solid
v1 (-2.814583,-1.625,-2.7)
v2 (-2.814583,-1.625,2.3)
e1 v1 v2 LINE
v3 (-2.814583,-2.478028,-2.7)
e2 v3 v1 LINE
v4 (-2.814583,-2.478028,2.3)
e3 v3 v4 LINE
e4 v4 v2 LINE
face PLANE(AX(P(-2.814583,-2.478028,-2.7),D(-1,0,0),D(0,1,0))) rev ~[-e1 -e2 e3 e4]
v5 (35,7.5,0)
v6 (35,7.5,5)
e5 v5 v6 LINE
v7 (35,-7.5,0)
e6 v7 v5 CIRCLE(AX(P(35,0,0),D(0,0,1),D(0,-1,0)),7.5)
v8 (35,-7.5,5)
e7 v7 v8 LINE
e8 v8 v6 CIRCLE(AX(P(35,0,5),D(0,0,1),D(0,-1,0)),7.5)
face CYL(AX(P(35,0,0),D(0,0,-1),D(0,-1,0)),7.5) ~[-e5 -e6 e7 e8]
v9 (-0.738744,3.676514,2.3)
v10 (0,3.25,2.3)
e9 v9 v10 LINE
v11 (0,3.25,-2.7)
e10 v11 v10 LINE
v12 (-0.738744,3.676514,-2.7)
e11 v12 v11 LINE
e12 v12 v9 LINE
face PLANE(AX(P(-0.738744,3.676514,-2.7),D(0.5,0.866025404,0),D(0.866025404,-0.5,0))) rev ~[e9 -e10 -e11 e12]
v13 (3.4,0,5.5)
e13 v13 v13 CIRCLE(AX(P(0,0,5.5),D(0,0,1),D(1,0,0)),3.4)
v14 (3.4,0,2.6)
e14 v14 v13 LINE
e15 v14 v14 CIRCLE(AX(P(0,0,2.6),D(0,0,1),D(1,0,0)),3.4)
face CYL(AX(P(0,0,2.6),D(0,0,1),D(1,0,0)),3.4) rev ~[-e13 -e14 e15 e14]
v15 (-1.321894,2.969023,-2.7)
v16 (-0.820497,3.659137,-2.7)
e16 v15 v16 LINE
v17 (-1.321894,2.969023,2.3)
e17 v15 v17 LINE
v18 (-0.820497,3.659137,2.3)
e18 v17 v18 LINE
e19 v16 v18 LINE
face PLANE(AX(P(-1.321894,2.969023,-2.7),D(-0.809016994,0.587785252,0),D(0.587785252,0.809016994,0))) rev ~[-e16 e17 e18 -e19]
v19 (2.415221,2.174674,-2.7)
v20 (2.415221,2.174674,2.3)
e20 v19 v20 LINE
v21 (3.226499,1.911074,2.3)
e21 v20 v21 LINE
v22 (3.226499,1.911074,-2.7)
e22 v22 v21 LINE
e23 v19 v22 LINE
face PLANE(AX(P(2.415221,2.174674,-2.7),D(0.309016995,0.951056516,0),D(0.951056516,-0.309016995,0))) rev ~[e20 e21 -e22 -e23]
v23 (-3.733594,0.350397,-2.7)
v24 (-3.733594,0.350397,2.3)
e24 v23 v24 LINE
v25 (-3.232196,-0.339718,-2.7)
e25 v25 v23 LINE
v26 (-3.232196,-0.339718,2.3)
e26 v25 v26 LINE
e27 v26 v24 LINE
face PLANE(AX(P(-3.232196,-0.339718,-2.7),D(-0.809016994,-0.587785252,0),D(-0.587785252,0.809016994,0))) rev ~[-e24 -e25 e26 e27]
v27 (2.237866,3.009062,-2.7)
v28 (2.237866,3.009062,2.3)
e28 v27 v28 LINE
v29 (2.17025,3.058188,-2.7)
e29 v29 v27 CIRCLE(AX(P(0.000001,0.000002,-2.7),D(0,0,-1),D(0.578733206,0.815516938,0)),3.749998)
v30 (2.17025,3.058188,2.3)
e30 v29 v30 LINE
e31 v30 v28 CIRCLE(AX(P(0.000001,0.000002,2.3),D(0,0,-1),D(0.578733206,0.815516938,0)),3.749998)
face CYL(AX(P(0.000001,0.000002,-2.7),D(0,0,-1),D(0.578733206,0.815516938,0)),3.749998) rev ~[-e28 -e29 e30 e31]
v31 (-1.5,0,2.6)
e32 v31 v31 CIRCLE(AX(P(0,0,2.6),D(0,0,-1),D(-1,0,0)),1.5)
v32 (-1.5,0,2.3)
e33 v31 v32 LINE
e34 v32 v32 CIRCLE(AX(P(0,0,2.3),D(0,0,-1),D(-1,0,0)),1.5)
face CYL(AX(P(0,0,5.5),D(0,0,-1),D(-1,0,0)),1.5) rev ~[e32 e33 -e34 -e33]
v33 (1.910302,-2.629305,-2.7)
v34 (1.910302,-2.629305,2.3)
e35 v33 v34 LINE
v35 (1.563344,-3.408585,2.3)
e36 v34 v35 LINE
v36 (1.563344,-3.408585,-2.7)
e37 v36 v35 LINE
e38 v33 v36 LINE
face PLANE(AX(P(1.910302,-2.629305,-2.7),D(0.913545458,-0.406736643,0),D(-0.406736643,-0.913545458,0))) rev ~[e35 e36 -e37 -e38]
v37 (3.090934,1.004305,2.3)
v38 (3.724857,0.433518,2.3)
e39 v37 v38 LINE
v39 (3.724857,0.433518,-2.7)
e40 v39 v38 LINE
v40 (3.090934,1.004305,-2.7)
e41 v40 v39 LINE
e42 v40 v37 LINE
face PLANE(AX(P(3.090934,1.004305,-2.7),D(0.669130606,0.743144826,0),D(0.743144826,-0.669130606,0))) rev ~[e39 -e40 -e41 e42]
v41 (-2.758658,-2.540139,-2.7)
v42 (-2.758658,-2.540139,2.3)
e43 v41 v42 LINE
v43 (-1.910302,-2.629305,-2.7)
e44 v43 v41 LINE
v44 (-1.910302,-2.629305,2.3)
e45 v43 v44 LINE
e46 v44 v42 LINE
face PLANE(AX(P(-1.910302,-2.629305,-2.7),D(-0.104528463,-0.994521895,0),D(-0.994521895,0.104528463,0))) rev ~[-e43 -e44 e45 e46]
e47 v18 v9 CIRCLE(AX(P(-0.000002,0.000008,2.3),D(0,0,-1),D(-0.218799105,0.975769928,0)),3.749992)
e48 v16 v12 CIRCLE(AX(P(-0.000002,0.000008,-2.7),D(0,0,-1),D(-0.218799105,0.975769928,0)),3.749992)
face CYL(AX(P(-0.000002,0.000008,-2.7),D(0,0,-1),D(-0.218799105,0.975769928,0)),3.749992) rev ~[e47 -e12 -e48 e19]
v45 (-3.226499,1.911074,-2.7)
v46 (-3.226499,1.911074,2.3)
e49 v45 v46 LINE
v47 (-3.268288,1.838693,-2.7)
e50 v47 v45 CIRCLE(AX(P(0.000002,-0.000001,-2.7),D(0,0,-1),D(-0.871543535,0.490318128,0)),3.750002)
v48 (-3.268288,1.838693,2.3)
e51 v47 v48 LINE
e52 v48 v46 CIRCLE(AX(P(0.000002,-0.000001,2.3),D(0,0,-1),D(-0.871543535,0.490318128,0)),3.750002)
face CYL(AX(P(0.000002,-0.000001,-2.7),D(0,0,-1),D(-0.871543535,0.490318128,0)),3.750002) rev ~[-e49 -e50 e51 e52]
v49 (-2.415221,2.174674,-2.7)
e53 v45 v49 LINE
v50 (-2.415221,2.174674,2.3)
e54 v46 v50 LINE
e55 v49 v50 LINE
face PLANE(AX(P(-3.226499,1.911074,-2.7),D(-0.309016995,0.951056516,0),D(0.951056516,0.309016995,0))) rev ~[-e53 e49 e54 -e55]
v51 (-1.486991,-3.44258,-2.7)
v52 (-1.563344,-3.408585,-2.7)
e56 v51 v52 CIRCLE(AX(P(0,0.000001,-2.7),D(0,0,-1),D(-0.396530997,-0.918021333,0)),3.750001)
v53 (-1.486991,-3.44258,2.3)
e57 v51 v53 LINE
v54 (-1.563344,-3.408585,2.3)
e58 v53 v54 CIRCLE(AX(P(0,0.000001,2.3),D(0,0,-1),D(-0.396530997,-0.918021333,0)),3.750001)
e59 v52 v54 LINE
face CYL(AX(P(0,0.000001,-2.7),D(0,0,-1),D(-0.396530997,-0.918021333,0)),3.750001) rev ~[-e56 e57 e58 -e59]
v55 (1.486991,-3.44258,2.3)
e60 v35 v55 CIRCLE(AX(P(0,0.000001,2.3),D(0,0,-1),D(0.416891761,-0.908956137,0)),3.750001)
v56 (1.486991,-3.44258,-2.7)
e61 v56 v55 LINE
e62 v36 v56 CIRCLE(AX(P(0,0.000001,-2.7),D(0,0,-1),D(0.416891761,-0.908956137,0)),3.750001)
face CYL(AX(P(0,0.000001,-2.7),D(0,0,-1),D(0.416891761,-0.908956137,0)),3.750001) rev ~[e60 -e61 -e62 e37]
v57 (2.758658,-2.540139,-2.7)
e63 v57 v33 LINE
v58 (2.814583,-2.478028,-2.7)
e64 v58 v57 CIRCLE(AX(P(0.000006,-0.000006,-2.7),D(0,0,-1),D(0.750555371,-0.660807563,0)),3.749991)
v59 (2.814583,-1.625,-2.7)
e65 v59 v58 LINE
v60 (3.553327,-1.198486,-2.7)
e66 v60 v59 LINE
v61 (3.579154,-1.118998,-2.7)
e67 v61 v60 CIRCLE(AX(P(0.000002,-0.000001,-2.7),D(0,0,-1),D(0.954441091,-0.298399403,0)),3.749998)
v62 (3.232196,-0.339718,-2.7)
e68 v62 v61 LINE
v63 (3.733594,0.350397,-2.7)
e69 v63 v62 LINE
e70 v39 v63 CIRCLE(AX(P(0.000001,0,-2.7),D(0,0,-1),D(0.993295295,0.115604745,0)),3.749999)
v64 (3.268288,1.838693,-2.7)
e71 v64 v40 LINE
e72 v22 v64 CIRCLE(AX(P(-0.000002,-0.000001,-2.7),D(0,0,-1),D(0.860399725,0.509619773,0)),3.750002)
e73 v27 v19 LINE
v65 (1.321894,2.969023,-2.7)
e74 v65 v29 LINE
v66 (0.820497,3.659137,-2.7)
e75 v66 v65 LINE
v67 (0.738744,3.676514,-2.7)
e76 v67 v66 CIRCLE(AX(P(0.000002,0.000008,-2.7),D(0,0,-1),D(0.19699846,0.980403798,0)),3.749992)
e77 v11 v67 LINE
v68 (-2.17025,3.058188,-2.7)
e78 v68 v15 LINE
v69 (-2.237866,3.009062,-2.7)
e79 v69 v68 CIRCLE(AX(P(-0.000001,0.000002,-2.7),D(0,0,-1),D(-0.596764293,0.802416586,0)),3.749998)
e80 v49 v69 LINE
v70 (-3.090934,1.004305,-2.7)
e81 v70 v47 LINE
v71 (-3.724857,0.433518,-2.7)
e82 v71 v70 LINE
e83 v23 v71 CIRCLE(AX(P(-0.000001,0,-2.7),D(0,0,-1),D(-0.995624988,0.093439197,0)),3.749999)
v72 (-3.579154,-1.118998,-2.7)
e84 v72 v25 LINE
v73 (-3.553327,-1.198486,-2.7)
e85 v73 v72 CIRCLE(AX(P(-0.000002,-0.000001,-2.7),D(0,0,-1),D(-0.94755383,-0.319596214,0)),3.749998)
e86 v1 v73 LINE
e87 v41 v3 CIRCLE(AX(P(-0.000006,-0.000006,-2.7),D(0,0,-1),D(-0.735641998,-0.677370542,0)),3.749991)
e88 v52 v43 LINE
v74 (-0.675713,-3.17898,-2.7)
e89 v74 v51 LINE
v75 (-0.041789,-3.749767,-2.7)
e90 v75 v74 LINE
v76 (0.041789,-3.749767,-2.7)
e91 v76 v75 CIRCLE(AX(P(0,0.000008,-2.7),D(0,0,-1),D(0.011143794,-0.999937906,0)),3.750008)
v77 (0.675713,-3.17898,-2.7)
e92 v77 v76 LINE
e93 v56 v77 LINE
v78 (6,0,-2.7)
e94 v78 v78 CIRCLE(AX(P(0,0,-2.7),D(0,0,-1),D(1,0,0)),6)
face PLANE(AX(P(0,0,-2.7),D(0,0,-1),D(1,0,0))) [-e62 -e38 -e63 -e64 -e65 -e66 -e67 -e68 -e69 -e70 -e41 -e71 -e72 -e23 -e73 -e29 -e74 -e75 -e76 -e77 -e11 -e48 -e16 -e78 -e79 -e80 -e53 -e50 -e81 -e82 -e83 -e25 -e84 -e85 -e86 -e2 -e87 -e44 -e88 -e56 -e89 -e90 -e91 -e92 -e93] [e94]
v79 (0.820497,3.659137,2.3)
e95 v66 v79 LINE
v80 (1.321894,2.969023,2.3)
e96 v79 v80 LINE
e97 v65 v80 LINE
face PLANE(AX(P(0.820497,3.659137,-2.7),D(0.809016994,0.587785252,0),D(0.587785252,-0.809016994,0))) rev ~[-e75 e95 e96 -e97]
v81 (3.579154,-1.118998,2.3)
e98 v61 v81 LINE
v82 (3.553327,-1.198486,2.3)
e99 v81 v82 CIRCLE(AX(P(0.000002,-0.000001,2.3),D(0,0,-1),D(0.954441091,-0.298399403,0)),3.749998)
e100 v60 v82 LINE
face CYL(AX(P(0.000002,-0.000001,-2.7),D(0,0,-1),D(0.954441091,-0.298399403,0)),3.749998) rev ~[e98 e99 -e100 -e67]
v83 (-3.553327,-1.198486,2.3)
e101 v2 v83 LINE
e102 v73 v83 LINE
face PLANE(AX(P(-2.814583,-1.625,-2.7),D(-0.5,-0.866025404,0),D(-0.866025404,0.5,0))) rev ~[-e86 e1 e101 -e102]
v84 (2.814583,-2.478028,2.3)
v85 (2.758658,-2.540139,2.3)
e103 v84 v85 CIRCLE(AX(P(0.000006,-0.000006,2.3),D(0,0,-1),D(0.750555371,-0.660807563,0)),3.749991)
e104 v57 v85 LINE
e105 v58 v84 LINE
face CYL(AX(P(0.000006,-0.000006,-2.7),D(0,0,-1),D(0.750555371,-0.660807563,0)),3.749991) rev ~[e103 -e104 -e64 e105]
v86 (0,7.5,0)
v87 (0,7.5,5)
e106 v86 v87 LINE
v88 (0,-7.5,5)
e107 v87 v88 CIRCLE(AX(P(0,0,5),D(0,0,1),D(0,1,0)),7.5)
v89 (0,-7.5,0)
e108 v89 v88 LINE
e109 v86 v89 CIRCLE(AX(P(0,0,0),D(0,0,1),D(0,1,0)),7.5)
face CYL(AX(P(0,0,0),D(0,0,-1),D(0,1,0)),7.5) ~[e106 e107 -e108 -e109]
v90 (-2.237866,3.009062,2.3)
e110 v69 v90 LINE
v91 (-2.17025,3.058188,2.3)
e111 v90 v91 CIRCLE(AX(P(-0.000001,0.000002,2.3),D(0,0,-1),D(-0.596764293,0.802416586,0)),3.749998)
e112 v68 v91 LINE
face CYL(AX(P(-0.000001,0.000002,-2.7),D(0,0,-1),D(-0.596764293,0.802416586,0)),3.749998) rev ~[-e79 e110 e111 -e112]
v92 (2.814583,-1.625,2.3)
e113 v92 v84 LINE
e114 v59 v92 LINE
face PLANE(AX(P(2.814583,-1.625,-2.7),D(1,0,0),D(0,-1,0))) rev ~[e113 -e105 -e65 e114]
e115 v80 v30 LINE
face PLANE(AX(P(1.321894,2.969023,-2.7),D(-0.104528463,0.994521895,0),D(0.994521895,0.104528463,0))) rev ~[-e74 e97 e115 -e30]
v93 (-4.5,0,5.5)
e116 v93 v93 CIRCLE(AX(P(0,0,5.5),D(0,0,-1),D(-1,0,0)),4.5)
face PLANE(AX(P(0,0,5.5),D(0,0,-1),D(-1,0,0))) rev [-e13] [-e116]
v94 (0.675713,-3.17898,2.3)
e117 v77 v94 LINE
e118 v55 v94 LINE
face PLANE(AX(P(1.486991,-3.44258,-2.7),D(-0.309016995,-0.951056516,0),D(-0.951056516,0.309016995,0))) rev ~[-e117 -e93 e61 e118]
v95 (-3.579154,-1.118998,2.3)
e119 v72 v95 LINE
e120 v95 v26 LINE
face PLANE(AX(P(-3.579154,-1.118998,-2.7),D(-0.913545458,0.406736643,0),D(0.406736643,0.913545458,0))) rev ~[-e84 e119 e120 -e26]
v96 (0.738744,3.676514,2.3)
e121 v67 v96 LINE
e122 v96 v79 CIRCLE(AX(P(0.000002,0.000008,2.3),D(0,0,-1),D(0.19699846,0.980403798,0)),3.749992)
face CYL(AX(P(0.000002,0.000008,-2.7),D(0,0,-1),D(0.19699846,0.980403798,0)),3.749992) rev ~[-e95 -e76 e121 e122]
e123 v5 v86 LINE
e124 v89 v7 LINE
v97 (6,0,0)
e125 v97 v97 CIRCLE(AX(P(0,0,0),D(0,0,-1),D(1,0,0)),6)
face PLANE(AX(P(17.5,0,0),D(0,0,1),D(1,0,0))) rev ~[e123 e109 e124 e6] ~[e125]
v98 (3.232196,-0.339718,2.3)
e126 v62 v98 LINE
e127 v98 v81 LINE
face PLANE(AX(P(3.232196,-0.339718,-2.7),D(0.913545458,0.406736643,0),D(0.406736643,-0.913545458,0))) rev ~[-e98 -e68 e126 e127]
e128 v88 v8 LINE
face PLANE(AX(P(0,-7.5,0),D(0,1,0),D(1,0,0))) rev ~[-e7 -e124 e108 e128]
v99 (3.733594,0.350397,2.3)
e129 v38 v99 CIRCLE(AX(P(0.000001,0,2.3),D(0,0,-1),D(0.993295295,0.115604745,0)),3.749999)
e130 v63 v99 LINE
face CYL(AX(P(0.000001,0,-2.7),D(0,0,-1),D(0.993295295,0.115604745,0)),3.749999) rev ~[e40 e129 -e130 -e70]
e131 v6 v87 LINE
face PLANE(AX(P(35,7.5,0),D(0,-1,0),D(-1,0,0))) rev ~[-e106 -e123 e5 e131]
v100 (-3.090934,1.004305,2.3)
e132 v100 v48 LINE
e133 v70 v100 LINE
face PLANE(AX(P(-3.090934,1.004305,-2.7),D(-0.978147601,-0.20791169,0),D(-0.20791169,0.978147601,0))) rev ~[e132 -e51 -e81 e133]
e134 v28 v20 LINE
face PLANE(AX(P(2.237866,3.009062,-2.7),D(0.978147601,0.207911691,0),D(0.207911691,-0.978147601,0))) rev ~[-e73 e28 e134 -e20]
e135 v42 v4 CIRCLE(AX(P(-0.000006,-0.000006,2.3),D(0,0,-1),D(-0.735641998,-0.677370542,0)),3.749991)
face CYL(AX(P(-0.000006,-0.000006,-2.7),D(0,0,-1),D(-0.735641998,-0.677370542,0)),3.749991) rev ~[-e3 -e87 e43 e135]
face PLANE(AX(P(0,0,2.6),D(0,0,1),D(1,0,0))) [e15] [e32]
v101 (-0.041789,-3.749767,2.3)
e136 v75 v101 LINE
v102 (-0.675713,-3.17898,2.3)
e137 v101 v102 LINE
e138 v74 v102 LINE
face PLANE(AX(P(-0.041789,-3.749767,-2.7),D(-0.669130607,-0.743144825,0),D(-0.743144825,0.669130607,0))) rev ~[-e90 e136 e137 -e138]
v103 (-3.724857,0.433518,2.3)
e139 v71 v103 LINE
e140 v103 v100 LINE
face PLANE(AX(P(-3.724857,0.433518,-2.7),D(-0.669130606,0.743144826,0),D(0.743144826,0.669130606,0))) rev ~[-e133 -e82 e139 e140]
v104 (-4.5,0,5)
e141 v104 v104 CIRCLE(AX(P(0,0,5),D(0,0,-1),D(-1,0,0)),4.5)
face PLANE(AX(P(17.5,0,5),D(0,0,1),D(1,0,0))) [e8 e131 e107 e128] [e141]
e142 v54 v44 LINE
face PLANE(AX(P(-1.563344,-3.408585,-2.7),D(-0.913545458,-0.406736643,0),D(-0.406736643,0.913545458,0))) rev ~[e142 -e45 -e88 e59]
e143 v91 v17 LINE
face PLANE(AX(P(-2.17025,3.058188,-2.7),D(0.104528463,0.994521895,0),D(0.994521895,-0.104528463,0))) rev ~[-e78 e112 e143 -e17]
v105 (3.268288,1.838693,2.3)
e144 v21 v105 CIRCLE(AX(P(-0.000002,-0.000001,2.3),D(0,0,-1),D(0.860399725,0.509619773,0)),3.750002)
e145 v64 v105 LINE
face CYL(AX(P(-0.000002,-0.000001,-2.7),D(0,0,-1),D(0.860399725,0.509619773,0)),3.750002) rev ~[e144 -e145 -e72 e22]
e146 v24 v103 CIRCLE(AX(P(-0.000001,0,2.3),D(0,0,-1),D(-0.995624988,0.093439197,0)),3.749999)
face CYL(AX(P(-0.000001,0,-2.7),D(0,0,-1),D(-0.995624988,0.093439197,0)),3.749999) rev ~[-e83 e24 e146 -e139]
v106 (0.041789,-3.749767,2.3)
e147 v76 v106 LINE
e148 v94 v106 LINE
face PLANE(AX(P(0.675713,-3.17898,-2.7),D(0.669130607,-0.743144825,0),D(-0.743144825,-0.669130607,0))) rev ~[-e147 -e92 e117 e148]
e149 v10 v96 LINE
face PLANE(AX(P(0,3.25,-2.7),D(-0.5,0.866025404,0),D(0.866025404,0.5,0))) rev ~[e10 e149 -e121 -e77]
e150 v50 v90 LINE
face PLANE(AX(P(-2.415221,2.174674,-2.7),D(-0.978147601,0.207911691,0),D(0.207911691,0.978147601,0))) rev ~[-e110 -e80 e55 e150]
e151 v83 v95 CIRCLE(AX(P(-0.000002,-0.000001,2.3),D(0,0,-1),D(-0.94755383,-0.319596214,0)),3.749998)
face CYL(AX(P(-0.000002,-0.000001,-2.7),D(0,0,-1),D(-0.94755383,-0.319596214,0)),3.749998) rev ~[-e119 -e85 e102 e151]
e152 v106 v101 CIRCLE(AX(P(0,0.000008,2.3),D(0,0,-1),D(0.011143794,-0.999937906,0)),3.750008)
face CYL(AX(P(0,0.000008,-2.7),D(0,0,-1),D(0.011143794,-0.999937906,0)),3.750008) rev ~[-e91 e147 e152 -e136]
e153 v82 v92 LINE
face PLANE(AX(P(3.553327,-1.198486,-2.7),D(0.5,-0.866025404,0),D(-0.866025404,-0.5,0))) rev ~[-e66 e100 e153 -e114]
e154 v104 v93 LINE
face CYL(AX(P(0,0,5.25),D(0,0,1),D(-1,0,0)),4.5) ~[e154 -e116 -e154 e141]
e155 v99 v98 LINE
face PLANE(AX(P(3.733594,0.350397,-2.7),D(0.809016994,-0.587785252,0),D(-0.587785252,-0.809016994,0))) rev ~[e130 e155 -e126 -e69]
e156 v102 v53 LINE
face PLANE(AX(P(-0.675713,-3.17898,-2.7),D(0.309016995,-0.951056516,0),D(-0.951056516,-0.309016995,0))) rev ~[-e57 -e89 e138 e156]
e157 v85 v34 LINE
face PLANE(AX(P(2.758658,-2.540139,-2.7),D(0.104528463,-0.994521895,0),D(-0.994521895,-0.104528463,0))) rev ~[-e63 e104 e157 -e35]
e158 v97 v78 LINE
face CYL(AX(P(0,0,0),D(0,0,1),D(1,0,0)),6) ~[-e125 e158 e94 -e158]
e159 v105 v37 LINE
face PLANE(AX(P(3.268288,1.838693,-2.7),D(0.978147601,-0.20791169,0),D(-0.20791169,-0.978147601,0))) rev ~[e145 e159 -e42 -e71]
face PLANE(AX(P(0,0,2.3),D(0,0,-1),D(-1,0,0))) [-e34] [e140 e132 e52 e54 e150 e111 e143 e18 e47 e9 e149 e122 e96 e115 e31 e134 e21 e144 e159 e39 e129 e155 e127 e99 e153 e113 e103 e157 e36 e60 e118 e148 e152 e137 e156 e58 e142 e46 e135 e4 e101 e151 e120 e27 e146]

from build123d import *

# Parameters (mm, degrees)
EXTRUDE_1_DEPTH                = 5
SKETCH_2_R                     = 6
EXTRUDE_2_DEPTH                = 2.7
CUT_EXTRUDE_1_DEPTH            = 5
SKETCH_4_W                     = 4.5
SKETCH_4_H                     = 0.5
HOLE_WIZARD_M2_5_1_D           = 3
HOLE_WIZARD_M2_5_1_DEPTH       = 8.2
HOLE_WIZARD_M2_5_1_CBORE_D     = 6.8
HOLE_WIZARD_M2_5_1_CBORE_DEPTH = 2.9


with BuildPart() as part:
    # 스케치1 → 보스-돌출1 (new body)
    with BuildSketch(Plane(origin=(0, 0, 0), x_dir=(-1, 0, 0), z_dir=(0, 0, -1))):
        with BuildLine():
            Line((0, -7.5), (-35, -7.5))
            ThreePointArc((-35, -7.5), (-42.5, 0), (-35, 7.5))
            Line((-35, 7.5), (0, 7.5))
            ThreePointArc((0, 7.5), (7.5, 0), (0, -7.5))
        make_face()
    extrude(amount=-EXTRUDE_1_DEPTH)

    # 스케치2 → 보스-돌출2 (add)
    with BuildSketch(Plane(origin=(0, 0, 0), x_dir=(-1, 0, 0), z_dir=(0, 0, -1))):
        with Locations(Location((0, 0, 0), (0, 0, 180))):
            Circle(SKETCH_2_R)
    extrude(amount=EXTRUDE_2_DEPTH)

    # 스케치3 → 컷-돌출1 (cut)
    with BuildSketch(Plane(origin=(0, 0, -2.7), x_dir=(-1, 0, 0), z_dir=(0, 0, -1))):
        with BuildLine():
            Line((-0.820496547, 3.65913725), (-1.32189409, 2.969022737))
            Line((-1.32189409, 2.969022737), (-2.170249561, 3.05818849))
            ThreePointArc((-2.170249561, 3.05818849), (-2.204194696, 3.033813729), (-2.237866095, 3.009062203))
            Line((-2.237866095, 3.009062203), (-2.415220683, 2.174674471))
            Line((-2.415220683, 2.174674471), (-3.226498949, 1.911074183))
            ThreePointArc((-3.226498949, 1.911074183), (-3.247595264, 1.875), (-3.268288265, 1.838692964))
            Line((-3.268288265, 1.838692964), (-3.090933678, 1.004305232))
            Line((-3.090933678, 1.004305232), (-3.724857357, 0.433517788))
            ThreePointArc((-3.724857357, 0.433517788), (-3.729457108, 0.391981737), (-3.733593703, 0.350397007))
            Line((-3.733593703, 0.350397007), (-3.23219616, -0.339717506))
            Line((-3.23219616, -0.339717506), (-3.579154088, -1.118997772))
            ThreePointArc((-3.579154088, -1.118997772), (-3.566461936, -1.158813729), (-3.55332687, -1.198485775))
            Line((-3.55332687, -1.198485775), (-2.814582562, -1.625))
            Line((-2.814582562, -1.625), (-2.814582562, -2.47802845))
            ThreePointArc((-2.814582562, -2.47802845), (-2.786793096, -2.509239774), (-2.758657541, -2.540139479))
            Line((-2.758657541, -2.540139479), (-1.91030207, -2.629305232))
            Line((-1.91030207, -2.629305232), (-1.563344142, -3.408585498))
            ThreePointArc((-1.563344142, -3.408585498), (-1.525262412, -3.425795466), (-1.486991261, -3.44257999))
            Line((-1.486991261, -3.44257999), (-0.675712995, -3.178979702))
            Line((-0.675712995, -3.178979702), (-0.041789316, -3.749767147))
            ThreePointArc((-0.041789316, -3.749767147), (0, -3.75), (0.041789316, -3.749767147))
            Line((0.041789316, -3.749767147), (0.675712995, -3.178979702))
            Line((0.675712995, -3.178979702), (1.486991261, -3.44257999))
            ThreePointArc((1.486991261, -3.44257999), (1.525262412, -3.425795466), (1.563344142, -3.408585498))
            Line((1.563344142, -3.408585498), (1.91030207, -2.629305232))
            Line((1.91030207, -2.629305232), (2.758657541, -2.540139479))
            ThreePointArc((2.758657541, -2.540139479), (2.786793096, -2.509239774), (2.814582562, -2.47802845))
            Line((2.814582562, -2.47802845), (2.814582562, -1.625))
            Line((2.814582562, -1.625), (3.55332687, -1.198485775))
            ThreePointArc((3.55332687, -1.198485775), (3.566461936, -1.158813729), (3.579154088, -1.118997772))
            Line((3.579154088, -1.118997772), (3.23219616, -0.339717506))
            Line((3.23219616, -0.339717506), (3.733593703, 0.350397007))
            ThreePointArc((3.733593703, 0.350397007), (3.729457108, 0.391981737), (3.724857357, 0.433517788))
            Line((3.724857357, 0.433517788), (3.090933678, 1.004305232))
            Line((3.090933678, 1.004305232), (3.268288265, 1.838692964))
            ThreePointArc((3.268288265, 1.838692964), (3.247595264, 1.875), (3.226498949, 1.911074183))
            Line((3.226498949, 1.911074183), (2.415220683, 2.174674471))
            Line((2.415220683, 2.174674471), (2.237866095, 3.009062203))
            ThreePointArc((2.237866095, 3.009062203), (2.204194696, 3.033813729), (2.170249561, 3.05818849))
            Line((2.170249561, 3.05818849), (1.32189409, 2.969022737))
            Line((1.32189409, 2.969022737), (0.820496547, 3.65913725))
            ThreePointArc((0.820496547, 3.65913725), (0.779668841, 3.668053503), (0.738744308, 3.676514225))
            Line((0.738744308, 3.676514225), (0, 3.25))
            Line((0, 3.25), (-0.738744308, 3.676514225))
            ThreePointArc((-0.738744308, 3.676514225), (-0.779668841, 3.668053503), (-0.820496547, 3.65913725))
        make_face()
    extrude(amount=-CUT_EXTRUDE_1_DEPTH, mode=Mode.SUBTRACT)

    # 스케치4 → 회전1 (revolve)
    with BuildSketch(Plane.XZ, mode=Mode.PRIVATE) as revolve_1_sk:
        with Locations((2.25, 5.25)):
            Rectangle(SKETCH_4_W, SKETCH_4_H)
    revolve(revolve_1_sk.sketch.rotate(Axis((0, 0, 5.5), (0, 0, -1)), 180), axis=Axis((0, 0, 5.5), (0, 0, -1)))

    # M2.5 육각 머리 작은 나사용 카운터보어1
    with Locations(Plane.XY.offset(5.5)):
        with Locations((0, 0)):
            CounterBoreHole(HOLE_WIZARD_M2_5_1_D / 2, HOLE_WIZARD_M2_5_1_CBORE_D / 2, HOLE_WIZARD_M2_5_1_CBORE_DEPTH, depth=HOLE_WIZARD_M2_5_1_DEPTH)


solid = part.part
